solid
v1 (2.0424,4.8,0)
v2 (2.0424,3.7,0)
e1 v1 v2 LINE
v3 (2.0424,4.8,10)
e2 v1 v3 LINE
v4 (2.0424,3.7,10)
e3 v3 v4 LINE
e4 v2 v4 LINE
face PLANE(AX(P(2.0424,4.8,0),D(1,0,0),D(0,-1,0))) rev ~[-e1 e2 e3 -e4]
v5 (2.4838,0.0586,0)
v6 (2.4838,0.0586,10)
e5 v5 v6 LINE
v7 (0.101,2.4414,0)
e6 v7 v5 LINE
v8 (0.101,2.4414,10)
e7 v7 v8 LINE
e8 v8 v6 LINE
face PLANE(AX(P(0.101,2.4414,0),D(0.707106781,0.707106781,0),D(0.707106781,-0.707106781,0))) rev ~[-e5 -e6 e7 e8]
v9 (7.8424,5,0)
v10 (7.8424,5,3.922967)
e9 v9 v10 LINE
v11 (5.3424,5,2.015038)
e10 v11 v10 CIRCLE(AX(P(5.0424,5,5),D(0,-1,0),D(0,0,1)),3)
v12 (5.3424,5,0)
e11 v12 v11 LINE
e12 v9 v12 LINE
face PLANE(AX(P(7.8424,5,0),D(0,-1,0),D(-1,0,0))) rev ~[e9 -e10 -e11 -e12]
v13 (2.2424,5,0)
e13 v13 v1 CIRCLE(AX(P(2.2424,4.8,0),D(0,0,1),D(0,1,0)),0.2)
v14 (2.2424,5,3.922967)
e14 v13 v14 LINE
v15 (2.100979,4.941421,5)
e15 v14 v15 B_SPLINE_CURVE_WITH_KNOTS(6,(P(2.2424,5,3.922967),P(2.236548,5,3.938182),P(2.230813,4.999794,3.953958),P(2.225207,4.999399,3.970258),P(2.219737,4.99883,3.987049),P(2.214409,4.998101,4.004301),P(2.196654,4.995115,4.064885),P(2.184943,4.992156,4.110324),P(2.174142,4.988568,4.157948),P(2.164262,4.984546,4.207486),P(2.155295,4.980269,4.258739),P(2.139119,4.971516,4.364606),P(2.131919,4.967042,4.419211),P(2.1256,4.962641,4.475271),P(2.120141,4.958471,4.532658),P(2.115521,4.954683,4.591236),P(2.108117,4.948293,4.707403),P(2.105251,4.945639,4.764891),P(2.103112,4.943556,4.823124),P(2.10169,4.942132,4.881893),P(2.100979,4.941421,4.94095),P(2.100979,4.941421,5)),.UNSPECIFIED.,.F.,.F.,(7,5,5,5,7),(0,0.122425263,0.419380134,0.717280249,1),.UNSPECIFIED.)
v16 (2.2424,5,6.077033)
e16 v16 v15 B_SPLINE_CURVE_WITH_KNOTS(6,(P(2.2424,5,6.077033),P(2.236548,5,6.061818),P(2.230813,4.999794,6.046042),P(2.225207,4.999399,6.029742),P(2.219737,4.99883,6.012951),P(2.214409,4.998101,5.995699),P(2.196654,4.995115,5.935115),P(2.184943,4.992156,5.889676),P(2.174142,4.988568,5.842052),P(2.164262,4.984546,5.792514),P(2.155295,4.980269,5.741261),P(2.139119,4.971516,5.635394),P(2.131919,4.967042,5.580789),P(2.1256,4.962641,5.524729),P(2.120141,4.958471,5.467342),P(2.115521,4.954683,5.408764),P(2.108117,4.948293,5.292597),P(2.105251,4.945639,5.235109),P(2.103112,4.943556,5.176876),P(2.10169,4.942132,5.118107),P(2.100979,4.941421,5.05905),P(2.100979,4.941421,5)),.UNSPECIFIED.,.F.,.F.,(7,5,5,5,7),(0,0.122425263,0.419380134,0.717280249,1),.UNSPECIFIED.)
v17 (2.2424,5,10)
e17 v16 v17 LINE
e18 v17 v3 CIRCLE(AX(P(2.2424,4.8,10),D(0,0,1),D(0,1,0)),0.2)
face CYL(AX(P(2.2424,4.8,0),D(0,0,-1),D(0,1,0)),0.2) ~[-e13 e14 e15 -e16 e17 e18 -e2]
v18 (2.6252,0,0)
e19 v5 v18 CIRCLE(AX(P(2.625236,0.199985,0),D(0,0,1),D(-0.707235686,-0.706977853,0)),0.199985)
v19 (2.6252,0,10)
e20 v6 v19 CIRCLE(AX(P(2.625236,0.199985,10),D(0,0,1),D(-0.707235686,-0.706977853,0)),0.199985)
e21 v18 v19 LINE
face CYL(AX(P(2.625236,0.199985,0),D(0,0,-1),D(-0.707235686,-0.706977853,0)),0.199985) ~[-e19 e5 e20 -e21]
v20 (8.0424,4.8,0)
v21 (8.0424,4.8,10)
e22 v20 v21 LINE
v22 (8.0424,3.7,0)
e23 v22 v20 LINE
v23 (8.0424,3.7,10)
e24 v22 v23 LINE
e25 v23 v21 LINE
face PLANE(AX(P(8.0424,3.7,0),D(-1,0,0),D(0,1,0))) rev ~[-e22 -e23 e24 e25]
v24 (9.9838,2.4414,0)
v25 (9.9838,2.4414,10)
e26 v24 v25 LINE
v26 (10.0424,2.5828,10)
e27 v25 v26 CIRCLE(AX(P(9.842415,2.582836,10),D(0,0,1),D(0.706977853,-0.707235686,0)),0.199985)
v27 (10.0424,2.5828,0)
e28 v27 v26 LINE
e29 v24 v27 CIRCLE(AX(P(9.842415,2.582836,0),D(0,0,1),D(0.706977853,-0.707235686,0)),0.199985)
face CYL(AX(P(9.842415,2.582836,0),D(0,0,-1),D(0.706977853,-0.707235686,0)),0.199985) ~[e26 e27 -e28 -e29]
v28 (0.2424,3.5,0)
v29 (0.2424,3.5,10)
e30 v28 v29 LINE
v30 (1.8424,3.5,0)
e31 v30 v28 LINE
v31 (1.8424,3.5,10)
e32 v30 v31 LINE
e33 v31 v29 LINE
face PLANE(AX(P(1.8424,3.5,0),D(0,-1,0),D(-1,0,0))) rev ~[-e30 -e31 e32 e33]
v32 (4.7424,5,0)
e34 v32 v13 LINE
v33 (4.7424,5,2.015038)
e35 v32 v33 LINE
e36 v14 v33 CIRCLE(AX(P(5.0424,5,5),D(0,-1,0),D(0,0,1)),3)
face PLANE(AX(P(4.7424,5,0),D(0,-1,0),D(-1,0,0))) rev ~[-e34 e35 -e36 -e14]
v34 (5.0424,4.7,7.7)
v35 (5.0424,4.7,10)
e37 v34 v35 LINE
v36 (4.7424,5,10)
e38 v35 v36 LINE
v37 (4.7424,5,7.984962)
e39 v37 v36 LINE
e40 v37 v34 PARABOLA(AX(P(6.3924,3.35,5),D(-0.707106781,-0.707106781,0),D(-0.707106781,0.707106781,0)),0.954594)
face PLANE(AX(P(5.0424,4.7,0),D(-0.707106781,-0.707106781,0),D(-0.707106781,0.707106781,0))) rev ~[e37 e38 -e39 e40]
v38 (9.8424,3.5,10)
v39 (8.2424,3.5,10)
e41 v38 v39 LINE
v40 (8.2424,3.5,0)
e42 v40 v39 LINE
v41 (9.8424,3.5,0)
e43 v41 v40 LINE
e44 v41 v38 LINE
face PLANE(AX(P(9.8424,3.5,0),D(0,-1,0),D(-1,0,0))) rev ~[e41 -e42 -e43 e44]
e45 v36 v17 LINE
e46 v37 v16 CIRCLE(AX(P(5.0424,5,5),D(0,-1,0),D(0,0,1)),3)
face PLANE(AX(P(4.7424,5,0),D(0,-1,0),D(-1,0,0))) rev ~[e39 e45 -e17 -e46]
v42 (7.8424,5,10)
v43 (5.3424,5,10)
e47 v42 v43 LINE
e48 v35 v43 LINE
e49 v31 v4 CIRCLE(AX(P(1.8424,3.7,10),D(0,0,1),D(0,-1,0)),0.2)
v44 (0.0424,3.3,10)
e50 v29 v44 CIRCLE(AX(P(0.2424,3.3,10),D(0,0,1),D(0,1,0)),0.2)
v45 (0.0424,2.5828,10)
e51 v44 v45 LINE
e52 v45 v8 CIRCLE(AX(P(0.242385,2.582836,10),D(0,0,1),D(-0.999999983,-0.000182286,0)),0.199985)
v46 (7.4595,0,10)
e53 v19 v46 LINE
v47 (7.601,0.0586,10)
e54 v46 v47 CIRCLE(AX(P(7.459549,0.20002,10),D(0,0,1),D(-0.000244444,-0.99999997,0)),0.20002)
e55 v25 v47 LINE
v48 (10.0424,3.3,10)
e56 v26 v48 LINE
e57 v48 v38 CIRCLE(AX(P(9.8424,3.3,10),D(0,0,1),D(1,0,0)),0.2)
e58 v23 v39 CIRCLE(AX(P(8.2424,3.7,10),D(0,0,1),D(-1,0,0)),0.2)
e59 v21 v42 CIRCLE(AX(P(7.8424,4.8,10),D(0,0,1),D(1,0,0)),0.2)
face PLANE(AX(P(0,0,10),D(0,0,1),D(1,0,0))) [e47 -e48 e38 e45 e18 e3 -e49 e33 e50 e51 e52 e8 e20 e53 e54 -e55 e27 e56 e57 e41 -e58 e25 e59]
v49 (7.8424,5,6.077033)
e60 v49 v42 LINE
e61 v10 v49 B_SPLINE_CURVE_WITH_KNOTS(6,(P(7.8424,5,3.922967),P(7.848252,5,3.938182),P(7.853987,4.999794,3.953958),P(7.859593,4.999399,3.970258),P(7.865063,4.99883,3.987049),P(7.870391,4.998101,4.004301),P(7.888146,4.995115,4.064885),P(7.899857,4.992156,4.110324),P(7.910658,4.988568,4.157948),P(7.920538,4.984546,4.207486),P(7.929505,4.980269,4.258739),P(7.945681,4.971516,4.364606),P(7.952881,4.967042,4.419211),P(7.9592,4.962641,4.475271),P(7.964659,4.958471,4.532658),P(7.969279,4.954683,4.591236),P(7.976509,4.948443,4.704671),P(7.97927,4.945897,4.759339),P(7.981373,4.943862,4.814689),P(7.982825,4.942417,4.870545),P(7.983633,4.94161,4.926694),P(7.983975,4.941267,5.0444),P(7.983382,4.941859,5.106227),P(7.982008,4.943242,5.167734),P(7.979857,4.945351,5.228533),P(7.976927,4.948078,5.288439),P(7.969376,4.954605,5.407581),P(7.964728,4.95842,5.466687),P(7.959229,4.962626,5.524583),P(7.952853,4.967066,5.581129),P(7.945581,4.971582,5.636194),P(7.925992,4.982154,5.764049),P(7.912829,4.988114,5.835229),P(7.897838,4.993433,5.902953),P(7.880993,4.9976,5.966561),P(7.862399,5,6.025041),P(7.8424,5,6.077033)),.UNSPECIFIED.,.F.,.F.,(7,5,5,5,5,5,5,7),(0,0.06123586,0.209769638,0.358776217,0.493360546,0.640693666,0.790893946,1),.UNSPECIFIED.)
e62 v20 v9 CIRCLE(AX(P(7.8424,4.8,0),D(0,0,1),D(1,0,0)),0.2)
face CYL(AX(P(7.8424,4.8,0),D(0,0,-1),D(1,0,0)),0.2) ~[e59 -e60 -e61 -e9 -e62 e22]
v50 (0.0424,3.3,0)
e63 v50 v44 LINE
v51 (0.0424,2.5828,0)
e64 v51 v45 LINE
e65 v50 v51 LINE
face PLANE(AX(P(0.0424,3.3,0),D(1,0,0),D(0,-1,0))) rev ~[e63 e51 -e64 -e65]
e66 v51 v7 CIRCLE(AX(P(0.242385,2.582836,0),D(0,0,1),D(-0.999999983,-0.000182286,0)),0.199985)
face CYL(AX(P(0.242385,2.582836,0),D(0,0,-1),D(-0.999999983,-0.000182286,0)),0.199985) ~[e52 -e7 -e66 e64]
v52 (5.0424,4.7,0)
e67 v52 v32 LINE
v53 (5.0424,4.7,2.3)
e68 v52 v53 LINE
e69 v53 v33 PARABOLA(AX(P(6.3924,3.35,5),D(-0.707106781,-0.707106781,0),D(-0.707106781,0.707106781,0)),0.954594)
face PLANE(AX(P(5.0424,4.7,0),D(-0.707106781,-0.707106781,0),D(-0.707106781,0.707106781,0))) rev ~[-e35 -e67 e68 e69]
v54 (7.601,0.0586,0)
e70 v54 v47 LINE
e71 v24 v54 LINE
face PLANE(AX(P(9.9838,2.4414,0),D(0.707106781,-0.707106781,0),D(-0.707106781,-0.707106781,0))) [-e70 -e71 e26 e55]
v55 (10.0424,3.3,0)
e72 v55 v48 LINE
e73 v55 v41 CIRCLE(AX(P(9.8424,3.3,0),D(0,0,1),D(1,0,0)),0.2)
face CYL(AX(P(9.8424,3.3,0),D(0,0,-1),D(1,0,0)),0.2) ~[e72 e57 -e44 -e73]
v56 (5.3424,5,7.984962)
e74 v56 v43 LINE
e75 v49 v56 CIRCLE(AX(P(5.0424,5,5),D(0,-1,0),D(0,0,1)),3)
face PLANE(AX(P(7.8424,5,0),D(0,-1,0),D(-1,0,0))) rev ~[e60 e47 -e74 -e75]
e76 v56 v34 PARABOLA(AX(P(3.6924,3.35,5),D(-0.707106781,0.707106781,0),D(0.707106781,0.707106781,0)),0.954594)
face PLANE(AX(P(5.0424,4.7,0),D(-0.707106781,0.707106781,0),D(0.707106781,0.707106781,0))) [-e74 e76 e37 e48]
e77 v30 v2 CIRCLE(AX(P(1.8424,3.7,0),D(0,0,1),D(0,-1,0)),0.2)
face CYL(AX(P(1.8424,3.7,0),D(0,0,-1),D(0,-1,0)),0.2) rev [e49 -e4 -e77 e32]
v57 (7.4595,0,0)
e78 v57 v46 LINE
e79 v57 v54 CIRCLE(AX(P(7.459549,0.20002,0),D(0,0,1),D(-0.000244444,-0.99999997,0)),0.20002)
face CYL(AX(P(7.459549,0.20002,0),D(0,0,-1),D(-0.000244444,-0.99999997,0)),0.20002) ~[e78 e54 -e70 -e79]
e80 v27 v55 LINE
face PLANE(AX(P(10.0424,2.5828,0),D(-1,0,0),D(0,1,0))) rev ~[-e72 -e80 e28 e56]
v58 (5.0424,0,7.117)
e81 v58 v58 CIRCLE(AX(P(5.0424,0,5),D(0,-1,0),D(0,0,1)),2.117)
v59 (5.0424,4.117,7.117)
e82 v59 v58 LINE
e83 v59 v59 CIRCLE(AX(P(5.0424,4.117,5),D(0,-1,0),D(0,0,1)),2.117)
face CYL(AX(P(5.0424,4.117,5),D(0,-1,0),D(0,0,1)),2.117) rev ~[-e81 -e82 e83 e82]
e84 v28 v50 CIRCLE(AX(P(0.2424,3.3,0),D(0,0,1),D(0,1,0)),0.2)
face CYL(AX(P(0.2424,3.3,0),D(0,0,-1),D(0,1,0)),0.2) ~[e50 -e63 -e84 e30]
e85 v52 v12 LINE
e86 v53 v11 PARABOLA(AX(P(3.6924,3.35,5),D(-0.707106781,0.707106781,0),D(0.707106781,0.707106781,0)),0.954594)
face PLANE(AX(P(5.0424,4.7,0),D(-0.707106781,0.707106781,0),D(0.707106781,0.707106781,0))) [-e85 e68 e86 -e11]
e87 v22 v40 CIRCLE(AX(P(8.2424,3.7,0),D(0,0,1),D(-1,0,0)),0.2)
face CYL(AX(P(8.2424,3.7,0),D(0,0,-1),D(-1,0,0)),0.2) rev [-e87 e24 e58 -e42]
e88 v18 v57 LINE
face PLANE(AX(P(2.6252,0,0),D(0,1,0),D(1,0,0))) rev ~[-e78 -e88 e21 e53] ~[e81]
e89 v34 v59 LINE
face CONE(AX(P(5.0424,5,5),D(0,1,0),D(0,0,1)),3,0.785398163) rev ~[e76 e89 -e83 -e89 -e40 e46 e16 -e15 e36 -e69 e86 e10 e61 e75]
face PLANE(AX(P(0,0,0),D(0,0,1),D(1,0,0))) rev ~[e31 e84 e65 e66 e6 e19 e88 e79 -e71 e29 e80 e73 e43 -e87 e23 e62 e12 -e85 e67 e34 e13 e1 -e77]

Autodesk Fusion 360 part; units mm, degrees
sketch "Sketch1" plane through (0, 0, 0) normal (0, 0, 1) x (1, 0, 0)
  line L0 (2.6252, 0) -> (7.4595, 0)
  line L1 (10.0424, 2.5828) -> (10.0424, 3.3)
  line L2 (0.0424, 3.3) -> (0.0424, 2.5828)
  line L3 (8.0424, 3.7) -> (8.0424, 4.8)
  line L4 (2.0424, 4.8) -> (2.0424, 3.7)
  line L5 (0.101, 2.4414) -> (2.4838, 0.0586)
  line L6 (0.0424, 2.5) -> (3.5052, 2.5) construction
  line L7 (5.0424, 3.5) -> (5.0424, 0) construction
  line L8 (9.9838, 2.4414) -> (7.601, 0.0586)
  line L9 (9.8424, 3.5) -> (8.2424, 3.5)
  line L10 (1.8424, 3.5) -> (0.2424, 3.5)
  line L11 (5.0424, 4.7) -> (5.3424, 5)
  line L12 (5.0424, 4.7) -> (6.213, 4.7) construction
  line L13 (5.0424, 4.7) -> (4.7424, 5)
  line L14 (5.0424, 4.7) -> (6.2088, 4.7) construction
  line L15 (7.8424, 5) -> (5.3424, 5)
  line L16 (4.7424, 5) -> (2.2424, 5)
  arc A0 (0.2424, 3.5) -> (0.0424, 3.3) centre (0.2424, 3.3) ccw
  arc A1 (0.0424, 2.5828) -> (0.101, 2.4414) centre (0.2424, 2.5828) ccw
  arc A2 (2.4838, 0.0586) -> (2.6252, 0) centre (2.6252, 0.2) ccw
  arc A3 (7.4595, 0) -> (7.601, 0.0586) centre (7.4595, 0.2) ccw
  arc A4 (9.9838, 2.4414) -> (10.0424, 2.5828) centre (9.8424, 2.5828) ccw
  arc A5 (10.0424, 3.3) -> (9.8424, 3.5) centre (9.8424, 3.3) ccw
  arc A6 (8.0424, 3.7) -> (8.2424, 3.5) centre (8.2424, 3.7) ccw
  arc A7 (8.0424, 4.8) -> (7.8424, 5) centre (7.8424, 4.8) ccw
  arc A8 (2.2424, 5) -> (2.0424, 4.8) centre (2.2424, 4.8) ccw
  arc A9 (1.8424, 3.5) -> (2.0424, 3.7) centre (1.8424, 3.7) ccw
  dimension "d1" = 10
  dimension "d4" = 5
  dimension "d5" = 45
  dimension "d6" = 1
  dimension "d7" = 5
  dimension "d8" = 6
  dimension "d9" = 2
  dimension "d10" = 2
  dimension "d12" = 45
  dimension "d13" = 0.3
  dimension "d14" = 5
  dimension "d15" = 1.5
  dimension "d16" = 0.2
extrude "Extrude1" add sketch "Sketch1" along normal blind 10
hole "Hole1" at (5.0424, 5, 5) direction (0, -1, 0) diameter 4.234 depth 5.834 tip angle 180 countersink diameter 6 countersink angle 90
